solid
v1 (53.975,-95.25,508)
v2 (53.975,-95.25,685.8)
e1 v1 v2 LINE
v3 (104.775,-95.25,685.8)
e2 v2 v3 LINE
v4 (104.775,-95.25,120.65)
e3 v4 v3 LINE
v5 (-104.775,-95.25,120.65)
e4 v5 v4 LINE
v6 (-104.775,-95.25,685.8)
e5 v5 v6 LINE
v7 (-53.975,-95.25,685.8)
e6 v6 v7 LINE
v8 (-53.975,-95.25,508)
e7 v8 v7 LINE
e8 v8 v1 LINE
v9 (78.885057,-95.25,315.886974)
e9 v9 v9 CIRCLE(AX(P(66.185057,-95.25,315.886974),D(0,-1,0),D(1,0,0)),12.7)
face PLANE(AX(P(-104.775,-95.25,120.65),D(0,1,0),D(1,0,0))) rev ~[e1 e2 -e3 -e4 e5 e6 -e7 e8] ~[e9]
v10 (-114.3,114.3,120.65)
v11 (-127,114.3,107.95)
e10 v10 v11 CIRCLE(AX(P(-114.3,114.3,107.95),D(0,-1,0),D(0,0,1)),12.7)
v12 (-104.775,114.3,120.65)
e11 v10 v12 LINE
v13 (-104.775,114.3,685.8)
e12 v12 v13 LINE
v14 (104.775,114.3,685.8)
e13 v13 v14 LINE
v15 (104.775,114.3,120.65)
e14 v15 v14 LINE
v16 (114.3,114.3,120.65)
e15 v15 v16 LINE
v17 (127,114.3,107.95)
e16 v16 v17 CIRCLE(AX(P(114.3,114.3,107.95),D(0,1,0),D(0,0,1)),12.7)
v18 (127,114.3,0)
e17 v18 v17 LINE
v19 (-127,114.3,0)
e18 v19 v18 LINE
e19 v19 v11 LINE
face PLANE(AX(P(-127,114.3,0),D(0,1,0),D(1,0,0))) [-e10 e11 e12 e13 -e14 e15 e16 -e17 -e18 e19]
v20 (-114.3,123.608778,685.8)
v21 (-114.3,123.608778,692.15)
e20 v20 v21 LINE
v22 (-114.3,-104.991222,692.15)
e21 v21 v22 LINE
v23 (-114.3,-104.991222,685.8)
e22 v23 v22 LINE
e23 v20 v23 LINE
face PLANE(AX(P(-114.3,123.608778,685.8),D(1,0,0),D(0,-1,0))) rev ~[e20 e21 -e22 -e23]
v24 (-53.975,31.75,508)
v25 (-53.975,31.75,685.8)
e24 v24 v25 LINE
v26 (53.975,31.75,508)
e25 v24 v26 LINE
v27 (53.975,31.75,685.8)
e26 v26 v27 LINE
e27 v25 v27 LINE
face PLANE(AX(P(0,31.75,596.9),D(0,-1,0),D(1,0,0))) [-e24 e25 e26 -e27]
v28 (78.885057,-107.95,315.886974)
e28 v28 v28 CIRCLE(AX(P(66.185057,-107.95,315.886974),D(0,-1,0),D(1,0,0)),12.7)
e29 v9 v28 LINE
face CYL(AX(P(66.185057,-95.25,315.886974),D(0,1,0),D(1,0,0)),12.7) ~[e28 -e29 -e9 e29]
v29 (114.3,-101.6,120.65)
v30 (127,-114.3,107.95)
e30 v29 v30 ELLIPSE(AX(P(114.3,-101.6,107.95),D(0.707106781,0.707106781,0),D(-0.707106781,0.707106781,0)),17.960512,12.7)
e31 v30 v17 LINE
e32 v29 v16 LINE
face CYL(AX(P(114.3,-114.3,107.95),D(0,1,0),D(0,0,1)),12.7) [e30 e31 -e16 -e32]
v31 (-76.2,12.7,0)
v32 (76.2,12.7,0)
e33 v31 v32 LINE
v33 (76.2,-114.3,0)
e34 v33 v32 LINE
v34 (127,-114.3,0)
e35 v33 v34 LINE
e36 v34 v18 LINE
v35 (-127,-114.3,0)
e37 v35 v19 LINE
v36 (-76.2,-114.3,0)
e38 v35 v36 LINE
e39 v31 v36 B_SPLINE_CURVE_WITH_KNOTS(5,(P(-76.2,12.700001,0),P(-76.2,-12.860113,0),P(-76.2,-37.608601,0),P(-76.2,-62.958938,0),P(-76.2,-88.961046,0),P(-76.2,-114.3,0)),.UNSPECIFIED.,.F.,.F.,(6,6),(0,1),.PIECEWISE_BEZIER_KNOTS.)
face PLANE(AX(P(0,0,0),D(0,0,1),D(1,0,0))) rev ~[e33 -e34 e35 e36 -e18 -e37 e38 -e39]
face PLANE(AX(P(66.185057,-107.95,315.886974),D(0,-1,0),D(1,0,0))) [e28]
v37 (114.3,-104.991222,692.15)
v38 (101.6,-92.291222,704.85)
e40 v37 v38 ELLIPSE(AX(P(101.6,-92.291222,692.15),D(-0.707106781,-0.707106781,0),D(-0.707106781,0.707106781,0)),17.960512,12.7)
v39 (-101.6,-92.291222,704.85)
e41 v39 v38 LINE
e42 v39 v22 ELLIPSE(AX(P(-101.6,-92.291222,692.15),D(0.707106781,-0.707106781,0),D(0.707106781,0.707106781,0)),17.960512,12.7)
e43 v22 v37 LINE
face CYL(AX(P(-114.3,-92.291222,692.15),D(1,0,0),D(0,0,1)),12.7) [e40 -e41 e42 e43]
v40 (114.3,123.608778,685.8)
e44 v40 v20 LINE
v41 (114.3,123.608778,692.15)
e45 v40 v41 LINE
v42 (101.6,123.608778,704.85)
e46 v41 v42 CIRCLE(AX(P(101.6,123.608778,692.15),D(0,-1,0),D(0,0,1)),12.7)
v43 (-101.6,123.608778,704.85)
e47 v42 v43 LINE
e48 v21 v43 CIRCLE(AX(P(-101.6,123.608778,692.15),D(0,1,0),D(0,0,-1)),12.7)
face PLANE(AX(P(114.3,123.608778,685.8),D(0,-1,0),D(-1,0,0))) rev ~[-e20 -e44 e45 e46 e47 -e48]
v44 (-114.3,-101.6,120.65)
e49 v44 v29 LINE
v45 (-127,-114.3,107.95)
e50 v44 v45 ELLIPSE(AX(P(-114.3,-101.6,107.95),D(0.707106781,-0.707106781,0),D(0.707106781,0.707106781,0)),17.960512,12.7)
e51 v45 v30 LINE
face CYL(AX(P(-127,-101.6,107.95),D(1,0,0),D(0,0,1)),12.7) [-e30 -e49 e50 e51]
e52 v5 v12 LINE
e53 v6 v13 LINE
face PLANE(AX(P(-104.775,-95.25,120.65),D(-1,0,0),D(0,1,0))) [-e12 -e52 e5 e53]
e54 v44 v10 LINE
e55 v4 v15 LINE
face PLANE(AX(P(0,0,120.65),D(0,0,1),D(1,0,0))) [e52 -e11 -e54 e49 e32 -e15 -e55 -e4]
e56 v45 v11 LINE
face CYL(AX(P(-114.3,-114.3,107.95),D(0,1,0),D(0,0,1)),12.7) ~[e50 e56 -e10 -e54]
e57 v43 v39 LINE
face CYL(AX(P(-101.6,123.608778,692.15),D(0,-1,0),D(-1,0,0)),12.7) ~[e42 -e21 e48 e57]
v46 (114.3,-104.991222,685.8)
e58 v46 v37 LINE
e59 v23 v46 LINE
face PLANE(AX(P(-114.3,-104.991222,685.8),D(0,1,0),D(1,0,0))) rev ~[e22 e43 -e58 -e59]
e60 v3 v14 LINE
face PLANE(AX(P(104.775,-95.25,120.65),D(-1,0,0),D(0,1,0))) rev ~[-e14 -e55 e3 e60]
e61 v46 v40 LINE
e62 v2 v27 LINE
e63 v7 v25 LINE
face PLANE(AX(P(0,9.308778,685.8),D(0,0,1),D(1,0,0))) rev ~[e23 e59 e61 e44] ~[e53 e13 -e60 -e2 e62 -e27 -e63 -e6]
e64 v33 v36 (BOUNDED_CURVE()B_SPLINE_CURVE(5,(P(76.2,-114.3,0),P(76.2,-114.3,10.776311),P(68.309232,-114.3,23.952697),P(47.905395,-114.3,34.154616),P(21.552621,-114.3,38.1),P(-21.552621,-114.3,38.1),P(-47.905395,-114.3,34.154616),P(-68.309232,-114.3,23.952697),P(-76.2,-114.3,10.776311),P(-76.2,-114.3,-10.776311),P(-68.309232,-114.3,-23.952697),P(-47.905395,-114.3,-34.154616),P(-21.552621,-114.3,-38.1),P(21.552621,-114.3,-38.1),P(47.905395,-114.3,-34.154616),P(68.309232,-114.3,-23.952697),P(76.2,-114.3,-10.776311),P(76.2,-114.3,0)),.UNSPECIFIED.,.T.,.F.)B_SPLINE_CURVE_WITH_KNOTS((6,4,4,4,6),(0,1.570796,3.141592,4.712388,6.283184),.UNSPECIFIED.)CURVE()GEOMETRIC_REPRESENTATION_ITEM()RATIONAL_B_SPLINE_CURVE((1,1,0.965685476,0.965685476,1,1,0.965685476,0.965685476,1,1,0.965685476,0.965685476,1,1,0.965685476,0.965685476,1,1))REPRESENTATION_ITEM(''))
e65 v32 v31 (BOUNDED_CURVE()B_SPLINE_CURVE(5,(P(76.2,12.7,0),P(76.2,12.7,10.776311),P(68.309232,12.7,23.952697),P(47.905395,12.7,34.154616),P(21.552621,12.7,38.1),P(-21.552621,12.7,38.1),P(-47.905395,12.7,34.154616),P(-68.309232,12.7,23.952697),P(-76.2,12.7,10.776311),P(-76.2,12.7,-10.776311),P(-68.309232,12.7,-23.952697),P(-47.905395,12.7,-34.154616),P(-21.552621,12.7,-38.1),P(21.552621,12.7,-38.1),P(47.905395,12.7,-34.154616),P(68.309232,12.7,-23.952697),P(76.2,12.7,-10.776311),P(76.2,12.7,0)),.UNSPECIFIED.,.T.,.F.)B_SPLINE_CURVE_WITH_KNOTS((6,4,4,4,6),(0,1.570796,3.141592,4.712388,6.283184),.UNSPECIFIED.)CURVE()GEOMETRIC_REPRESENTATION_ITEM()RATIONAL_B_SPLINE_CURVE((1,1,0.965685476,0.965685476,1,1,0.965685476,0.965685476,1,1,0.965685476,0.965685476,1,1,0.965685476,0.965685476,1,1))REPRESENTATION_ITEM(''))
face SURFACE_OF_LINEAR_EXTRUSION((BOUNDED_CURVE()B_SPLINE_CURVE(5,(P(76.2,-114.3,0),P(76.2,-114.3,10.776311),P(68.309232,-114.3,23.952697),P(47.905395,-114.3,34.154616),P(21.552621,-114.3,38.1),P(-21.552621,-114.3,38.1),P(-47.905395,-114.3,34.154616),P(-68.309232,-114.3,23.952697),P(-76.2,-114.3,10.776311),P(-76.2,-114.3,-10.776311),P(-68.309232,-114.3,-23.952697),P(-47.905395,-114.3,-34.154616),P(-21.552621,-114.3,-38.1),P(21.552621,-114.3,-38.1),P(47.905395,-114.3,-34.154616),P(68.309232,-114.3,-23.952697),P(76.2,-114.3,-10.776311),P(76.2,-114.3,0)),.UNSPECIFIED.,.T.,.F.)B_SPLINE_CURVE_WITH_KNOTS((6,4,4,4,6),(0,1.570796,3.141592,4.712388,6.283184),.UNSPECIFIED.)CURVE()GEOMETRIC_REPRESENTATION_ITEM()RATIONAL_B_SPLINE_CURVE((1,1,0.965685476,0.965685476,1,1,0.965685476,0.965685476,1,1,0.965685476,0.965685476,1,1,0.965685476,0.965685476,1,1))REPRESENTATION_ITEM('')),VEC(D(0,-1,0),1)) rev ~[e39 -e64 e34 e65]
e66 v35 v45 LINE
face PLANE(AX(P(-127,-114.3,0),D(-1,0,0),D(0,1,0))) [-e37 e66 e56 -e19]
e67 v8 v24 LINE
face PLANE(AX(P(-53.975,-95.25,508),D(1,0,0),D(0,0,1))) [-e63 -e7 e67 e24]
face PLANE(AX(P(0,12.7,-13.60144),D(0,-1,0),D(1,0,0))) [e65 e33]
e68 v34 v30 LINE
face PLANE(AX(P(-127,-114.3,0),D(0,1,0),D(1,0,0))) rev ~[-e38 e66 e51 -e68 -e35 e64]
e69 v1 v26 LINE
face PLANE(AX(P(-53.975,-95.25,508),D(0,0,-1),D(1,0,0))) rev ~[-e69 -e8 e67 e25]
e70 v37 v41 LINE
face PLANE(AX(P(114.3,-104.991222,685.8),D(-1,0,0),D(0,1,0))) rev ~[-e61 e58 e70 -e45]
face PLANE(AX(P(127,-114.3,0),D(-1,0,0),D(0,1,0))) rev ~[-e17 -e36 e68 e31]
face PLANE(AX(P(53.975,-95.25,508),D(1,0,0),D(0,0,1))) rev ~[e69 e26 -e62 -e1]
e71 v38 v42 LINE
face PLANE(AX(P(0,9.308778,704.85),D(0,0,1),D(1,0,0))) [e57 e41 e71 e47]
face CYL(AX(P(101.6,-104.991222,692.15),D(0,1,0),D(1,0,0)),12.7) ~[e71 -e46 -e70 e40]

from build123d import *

# Parameters (mm, degrees)
F0_W      = 254
F0_H      = 228.6
F1_DEPTH  = 120.65
F2_W      = 209.55
F2_H      = 209.55
F3_DEPTH  = 565.15
F5_DEPTH  = 19.05
F6_W      = 107.95
F6_H      = 177.8
F7_DEPTH  = 127
F8_R      = 12.7
F9_DEPTH  = 12.7
F10_R     = 12.7
F12_DEPTH = 127


with BuildPart() as f1:
    # F0 (on Top) → F1 (new body)
    with BuildSketch(Plane.XY):
        Rectangle(F0_W, F0_H)
    extrude(amount=F1_DEPTH)

    # F2 (on face) → F3 (join)
    with BuildSketch(Plane.XY.offset(120.65)):
        with Locations((0, 9.525)):
            Rectangle(F2_W, F2_H)
    extrude(amount=F3_DEPTH)

    # F4 (on face) → F5 (join)
    with BuildSketch(Plane.XY.offset(685.8)):
        Polygon((114.3, 123.608778), (-114.3, 123.608778), (-114.3, -104.991222), (0, -104.991222), (114.3, -104.991222), align=None)
        Polygon((104.775, -95.25), (0, -95.25), (-104.775, -95.25), (-104.775, 114.3), (104.775, 114.3), align=None, mode=Mode.SUBTRACT)
        Polygon((-104.775, -95.25), (0, -95.25), (104.775, -95.25), (104.775, 114.3), (-104.775, 114.3), align=None)
    extrude(amount=F5_DEPTH)

    # F6 (on face) → F7 (cut)
    with BuildSketch(Plane.XZ.offset(95.25)):
        with Locations((0, 596.9)):
            Rectangle(F6_W, F6_H)
    extrude(amount=-F7_DEPTH, mode=Mode.SUBTRACT)

    # F8 (on face) → F9 (join)
    with BuildSketch(Plane.XZ.offset(95.25)):
        with Locations((66.185057, 315.886974)):
            Circle(F8_R)
    extrude(amount=F9_DEPTH)

    # F10
    f10_edges = [f1.edges().sort_by_distance(p)[0] for p in [
        (127, 0, 120.65),
        (0, -114.3, 120.65),
        (-127, 0, 120.65),
        (114.3, 9.308778, 704.85),
        (0, -104.991222, 704.85),
        (-114.3, 9.308778, 704.85),
    ]]
    fillet(f10_edges, radius=F10_R)

    # F11 (on face) → F12 (cut)
    with BuildSketch(Plane.XZ.offset(114.3)):
        with BuildLine():
            add(Edge.make_bspline(
                [(-76.2, 0), (-76.2, -38.1), (0, -38.1), (76.2, -38.1), (76.2, 0)],
                knots=[3.141593, 3.141593, 3.141593, 4.712389, 4.712389, 6.283185, 6.283185, 6.283185], degree=2, weights=[1, 0.707107, 1, 0.707107, 1]))
            Line((76.2, 0), (-76.2, 0))
        make_face()
        with BuildLine():
            Line((-76.2, 0), (76.2, 0))
            add(Edge.make_bspline(
                [(76.2, 0), (76.2, 38.1), (0, 38.1), (-76.2, 38.1), (-76.2, 0)],
                knots=[0, 0, 0, 1.570796, 1.570796, 3.141593, 3.141593, 3.141593], degree=2, weights=[1, 0.707107, 1, 0.707107, 1]))
        make_face()
    extrude(amount=-F12_DEPTH, mode=Mode.SUBTRACT)


solid = f1.part
